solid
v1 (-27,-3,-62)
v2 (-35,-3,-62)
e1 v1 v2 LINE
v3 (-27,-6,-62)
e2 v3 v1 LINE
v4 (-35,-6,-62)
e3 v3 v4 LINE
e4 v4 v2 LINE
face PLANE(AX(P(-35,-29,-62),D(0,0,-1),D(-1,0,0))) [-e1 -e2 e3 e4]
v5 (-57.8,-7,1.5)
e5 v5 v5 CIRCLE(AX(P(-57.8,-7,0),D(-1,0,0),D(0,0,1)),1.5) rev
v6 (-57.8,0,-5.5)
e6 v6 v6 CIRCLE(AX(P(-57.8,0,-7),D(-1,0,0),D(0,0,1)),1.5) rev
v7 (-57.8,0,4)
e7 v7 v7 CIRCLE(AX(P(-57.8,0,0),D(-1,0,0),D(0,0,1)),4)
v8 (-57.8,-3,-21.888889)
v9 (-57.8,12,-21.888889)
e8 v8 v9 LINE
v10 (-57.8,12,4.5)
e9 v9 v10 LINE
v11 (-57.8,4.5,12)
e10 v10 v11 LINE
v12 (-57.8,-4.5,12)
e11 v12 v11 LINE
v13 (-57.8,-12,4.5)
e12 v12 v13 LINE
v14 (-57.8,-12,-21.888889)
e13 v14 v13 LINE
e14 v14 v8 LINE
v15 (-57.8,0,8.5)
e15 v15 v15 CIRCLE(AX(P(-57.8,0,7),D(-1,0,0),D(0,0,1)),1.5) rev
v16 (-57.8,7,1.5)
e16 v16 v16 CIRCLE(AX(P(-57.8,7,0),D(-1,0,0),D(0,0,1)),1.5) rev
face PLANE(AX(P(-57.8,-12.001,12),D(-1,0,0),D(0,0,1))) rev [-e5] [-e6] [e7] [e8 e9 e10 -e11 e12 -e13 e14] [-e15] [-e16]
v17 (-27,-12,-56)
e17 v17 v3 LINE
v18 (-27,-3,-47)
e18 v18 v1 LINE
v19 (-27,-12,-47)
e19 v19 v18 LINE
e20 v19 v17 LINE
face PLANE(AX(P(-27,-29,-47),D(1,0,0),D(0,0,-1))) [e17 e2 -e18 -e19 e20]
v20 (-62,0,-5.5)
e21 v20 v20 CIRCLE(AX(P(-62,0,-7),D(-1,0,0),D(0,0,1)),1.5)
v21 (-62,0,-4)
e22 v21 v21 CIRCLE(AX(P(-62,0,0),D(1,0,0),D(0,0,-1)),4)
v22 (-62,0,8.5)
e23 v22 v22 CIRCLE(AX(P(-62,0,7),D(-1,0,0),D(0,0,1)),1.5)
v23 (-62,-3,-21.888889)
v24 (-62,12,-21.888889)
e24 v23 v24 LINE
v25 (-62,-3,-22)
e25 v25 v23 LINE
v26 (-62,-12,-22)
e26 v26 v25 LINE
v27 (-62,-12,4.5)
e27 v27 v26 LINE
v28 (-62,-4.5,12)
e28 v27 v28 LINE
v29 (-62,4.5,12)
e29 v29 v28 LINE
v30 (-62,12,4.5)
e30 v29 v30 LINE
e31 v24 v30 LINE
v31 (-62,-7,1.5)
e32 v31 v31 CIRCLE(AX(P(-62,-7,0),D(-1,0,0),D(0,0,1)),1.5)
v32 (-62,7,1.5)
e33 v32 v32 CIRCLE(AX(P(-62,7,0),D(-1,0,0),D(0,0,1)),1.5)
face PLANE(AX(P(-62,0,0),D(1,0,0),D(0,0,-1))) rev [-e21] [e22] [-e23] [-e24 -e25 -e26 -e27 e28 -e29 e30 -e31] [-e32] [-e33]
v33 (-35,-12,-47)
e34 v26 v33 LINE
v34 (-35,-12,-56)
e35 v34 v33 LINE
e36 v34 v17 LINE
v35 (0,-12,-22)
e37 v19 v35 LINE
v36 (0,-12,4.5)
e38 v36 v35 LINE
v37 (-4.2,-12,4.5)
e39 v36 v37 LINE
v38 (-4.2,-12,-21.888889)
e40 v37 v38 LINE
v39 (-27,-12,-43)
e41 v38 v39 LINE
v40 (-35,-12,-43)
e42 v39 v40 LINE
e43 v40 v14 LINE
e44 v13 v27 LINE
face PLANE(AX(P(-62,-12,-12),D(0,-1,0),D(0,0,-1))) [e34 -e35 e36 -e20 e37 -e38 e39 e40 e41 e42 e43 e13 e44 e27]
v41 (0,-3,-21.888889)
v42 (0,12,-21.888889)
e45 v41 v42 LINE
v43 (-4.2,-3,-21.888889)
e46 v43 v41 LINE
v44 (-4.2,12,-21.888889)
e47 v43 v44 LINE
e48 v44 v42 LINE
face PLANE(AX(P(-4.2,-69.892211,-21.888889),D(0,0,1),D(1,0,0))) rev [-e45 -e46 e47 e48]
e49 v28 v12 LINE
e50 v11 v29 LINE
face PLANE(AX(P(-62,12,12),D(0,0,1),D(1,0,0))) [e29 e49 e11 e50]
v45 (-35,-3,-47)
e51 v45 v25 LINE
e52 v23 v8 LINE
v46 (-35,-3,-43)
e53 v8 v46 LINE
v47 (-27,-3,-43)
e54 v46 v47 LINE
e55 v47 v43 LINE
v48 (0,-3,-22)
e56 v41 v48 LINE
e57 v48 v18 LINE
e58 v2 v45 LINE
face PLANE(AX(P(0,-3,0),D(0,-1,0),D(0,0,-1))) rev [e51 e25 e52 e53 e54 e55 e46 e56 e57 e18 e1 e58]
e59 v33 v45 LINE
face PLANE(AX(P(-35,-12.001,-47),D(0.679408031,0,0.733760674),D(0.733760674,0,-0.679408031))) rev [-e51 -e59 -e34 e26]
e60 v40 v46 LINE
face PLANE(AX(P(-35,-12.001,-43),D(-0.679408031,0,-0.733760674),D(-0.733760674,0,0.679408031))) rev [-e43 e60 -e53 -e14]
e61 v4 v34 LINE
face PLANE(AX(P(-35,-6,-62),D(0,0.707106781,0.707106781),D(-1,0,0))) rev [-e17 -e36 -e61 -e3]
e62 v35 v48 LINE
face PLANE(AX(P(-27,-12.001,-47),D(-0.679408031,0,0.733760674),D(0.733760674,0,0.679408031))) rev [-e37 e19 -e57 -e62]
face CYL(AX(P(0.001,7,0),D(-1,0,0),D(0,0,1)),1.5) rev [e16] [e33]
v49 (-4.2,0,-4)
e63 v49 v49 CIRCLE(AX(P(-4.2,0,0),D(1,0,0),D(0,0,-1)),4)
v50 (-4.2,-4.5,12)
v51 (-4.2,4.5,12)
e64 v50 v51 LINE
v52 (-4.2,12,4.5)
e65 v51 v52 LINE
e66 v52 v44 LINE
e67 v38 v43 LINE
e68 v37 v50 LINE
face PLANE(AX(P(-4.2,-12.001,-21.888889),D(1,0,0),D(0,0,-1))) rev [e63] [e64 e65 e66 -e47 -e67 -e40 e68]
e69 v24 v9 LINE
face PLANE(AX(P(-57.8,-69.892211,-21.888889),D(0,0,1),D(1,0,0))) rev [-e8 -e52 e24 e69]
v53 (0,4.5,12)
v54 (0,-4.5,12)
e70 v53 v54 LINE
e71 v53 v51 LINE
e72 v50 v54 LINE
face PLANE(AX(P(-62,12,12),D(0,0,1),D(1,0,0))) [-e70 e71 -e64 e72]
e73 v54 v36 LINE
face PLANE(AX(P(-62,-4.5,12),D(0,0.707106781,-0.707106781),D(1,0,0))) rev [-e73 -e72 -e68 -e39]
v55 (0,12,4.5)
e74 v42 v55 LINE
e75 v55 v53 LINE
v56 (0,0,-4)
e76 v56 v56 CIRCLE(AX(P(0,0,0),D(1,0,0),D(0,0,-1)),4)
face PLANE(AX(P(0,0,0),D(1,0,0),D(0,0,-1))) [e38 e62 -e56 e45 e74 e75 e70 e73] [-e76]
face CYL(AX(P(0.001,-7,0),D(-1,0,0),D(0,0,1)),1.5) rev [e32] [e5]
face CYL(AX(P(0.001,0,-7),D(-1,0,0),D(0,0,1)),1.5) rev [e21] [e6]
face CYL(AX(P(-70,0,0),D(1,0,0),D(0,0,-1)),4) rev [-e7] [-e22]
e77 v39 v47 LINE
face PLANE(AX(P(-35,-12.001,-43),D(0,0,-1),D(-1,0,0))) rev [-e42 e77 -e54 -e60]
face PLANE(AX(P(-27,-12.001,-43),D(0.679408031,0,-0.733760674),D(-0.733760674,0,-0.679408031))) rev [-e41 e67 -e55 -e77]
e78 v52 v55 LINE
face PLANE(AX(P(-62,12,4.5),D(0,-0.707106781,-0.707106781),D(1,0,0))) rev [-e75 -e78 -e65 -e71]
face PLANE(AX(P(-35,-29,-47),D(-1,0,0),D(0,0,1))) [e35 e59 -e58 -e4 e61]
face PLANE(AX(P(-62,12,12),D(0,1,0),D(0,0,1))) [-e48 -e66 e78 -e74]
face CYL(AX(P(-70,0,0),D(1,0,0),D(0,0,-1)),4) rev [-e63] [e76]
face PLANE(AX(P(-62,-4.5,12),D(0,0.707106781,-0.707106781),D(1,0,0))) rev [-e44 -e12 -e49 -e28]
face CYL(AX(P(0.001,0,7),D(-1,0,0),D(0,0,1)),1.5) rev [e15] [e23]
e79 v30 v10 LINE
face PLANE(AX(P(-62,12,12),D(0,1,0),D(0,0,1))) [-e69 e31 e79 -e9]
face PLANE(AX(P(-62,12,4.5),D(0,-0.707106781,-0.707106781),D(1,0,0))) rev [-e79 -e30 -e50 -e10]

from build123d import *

# Parameters (mm, degrees)
BOSS_EXTRUDE1_DEPTH = 62
CUT_EXTRUDE1_REACH  = 83.419
BOSS_EXTRUDE2_START = -15
SKETCH9_W           = 8
SKETCH9_H           = 15
BOSS_EXTRUDE2_DEPTH = 9
SKETCH7_R           = 4
CUT_EXTRUDE4_DEPTH  = 70
CUT_EXTRUDE5_REACH  = 90.499
SKETCH8_R           = 1.5
CHAMFER1_SIZE       = 7.5
CUT_EXTRUDE6_DEPTH  = 15
CHAMFER2_SIZE       = 6


with BuildPart() as part:
    # Sketch1 → Boss-Extrude1 (new body)
    with BuildSketch(Plane(origin=(0, 0, 0), x_dir=(0, 0, -1), z_dir=(1, 0, 0))):
        Polygon((-12, 12), (-12, -12), (12, -12), (47, -12), (47, 12), (12, 12), align=None)
    extrude(amount=-BOSS_EXTRUDE1_DEPTH)

    # Sketch2 → Cut-Extrude1 (cut, up to next)
    with BuildSketch(Plane(origin=(0, 12, 0), x_dir=(1, 0, 0), z_dir=(0, 1, 0)), mode=Mode.PRIVATE) as cut_extrude1_sk1:
        Polygon((-57.8, -12), (-57.8, 21.888888889), (-35, 43), (-27, 43), (-4.2, 21.888888889), (-4.2, -12), align=None)
    cut_extrude1_tool1 = extrude(cut_extrude1_sk1.sketch, amount=-CUT_EXTRUDE1_REACH, mode=Mode.PRIVATE) & part.part
    # Sketch2 → Cut-Extrude1 (cut, up to next)
    with BuildSketch(Plane(origin=(0, 12, 0), x_dir=(1, 0, 0), z_dir=(0, 1, 0)), mode=Mode.PRIVATE) as cut_extrude1_sk2:
        Polygon((-62, 22), (-62, 47), (-35, 47), align=None)
    cut_extrude1_tool2 = extrude(cut_extrude1_sk2.sketch, amount=-CUT_EXTRUDE1_REACH, mode=Mode.PRIVATE) & part.part
    # Sketch2 → Cut-Extrude1 (cut, up to next)
    with BuildSketch(Plane(origin=(0, 12, 0), x_dir=(1, 0, 0), z_dir=(0, 1, 0)), mode=Mode.PRIVATE) as cut_extrude1_sk3:
        Polygon((-27, 47), (0, 47), (0, 22), align=None)
    cut_extrude1_tool3 = extrude(cut_extrude1_sk3.sketch, amount=-CUT_EXTRUDE1_REACH, mode=Mode.PRIVATE) & part.part
    add(cut_extrude1_tool1.solids().sort_by_distance((-31, 12, -11.506957))[0], mode=Mode.SUBTRACT)
    add(cut_extrude1_tool2.solids().sort_by_distance((-53, 12, -38.666667))[0], mode=Mode.SUBTRACT)
    add(cut_extrude1_tool3.solids().sort_by_distance((-9, 12, -38.666667))[0], mode=Mode.SUBTRACT)

    # Sketch9 → Boss-Extrude2 (add)
    with BuildSketch(Plane(origin=(0, 12, 0), x_dir=(1, 0, 0), z_dir=(0, 1, 0)).offset(BOSS_EXTRUDE2_START)):
        with Locations((-31, 54.5)):
            Rectangle(SKETCH9_W, SKETCH9_H)
    extrude(amount=-BOSS_EXTRUDE2_DEPTH)

    # Sketch7 → Cut-Extrude4 (cut)
    with BuildSketch(Plane(origin=(0, 0, 0), x_dir=(0, 0, -1), z_dir=(1, 0, 0))):
        Circle(SKETCH7_R)
    extrude(amount=-CUT_EXTRUDE4_DEPTH, mode=Mode.SUBTRACT)

    # Sketch8 → Cut-Extrude5 (cut, up to next)
    with BuildSketch(Plane.ZY.offset(62), mode=Mode.PRIVATE) as cut_extrude5_sk1:
        with Locations((0, 7)):
            Circle(SKETCH8_R)
    cut_extrude5_tool1 = extrude(cut_extrude5_sk1.sketch, amount=-CUT_EXTRUDE5_REACH, mode=Mode.PRIVATE) & part.part
    # Sketch8 → Cut-Extrude5 (cut, up to next)
    with BuildSketch(Plane.ZY.offset(62), mode=Mode.PRIVATE) as cut_extrude5_sk2:
        with Locations((7, 0)):
            Circle(SKETCH8_R)
    cut_extrude5_tool2 = extrude(cut_extrude5_sk2.sketch, amount=-CUT_EXTRUDE5_REACH, mode=Mode.PRIVATE) & part.part
    # Sketch8 → Cut-Extrude5 (cut, up to next)
    with BuildSketch(Plane.ZY.offset(62), mode=Mode.PRIVATE) as cut_extrude5_sk3:
        with Locations((0, -7)):
            Circle(SKETCH8_R)
    cut_extrude5_tool3 = extrude(cut_extrude5_sk3.sketch, amount=-CUT_EXTRUDE5_REACH, mode=Mode.PRIVATE) & part.part
    # Sketch8 → Cut-Extrude5 (cut, up to next)
    with BuildSketch(Plane.ZY.offset(62), mode=Mode.PRIVATE) as cut_extrude5_sk4:
        with Locations((-7, 0)):
            Circle(SKETCH8_R)
    cut_extrude5_tool4 = extrude(cut_extrude5_sk4.sketch, amount=-CUT_EXTRUDE5_REACH, mode=Mode.PRIVATE) & part.part
    add(cut_extrude5_tool1.solids().sort_by_distance((-62, 7, 0))[0], mode=Mode.SUBTRACT)
    add(cut_extrude5_tool2.solids().sort_by_distance((-62, 0, 7))[0], mode=Mode.SUBTRACT)
    add(cut_extrude5_tool3.solids().sort_by_distance((-62, -7, 0))[0], mode=Mode.SUBTRACT)
    add(cut_extrude5_tool4.solids().sort_by_distance((-62, 0, -7))[0], mode=Mode.SUBTRACT)

    # Chamfer1
    chamfer1_edges = [part.edges().sort_by_distance(p)[0] for p in [
        (-59.9, -12, 12),
        (-59.9, 12, 12),
        (-2.1, 12, 12),
        (-2.1, -12, 12),
    ]]
    chamfer(chamfer1_edges, length=CHAMFER1_SIZE)

    # Sketch10 → Cut-Extrude6 (cut)
    with BuildSketch(Plane(origin=(0, 12, 0), x_dir=(1, 0, 0), z_dir=(0, 1, 0))):
        Polygon((-62, 22), (-35, 47), (-27, 47), (0, 22), (0, 21.888888889), (-4.2, 21.888888889), (-27, 43), (-35, 43), (-57.8, 21.888888889), (-62, 21.888888889), align=None)
    extrude(amount=-CUT_EXTRUDE6_DEPTH, mode=Mode.SUBTRACT)

    # Chamfer2
    chamfer2_edges = [part.edges().sort_by_distance(p)[0] for p in [
        (-31, -12, -62),
    ]]
    chamfer(chamfer2_edges, length=CHAMFER2_SIZE)


solid = part.part
